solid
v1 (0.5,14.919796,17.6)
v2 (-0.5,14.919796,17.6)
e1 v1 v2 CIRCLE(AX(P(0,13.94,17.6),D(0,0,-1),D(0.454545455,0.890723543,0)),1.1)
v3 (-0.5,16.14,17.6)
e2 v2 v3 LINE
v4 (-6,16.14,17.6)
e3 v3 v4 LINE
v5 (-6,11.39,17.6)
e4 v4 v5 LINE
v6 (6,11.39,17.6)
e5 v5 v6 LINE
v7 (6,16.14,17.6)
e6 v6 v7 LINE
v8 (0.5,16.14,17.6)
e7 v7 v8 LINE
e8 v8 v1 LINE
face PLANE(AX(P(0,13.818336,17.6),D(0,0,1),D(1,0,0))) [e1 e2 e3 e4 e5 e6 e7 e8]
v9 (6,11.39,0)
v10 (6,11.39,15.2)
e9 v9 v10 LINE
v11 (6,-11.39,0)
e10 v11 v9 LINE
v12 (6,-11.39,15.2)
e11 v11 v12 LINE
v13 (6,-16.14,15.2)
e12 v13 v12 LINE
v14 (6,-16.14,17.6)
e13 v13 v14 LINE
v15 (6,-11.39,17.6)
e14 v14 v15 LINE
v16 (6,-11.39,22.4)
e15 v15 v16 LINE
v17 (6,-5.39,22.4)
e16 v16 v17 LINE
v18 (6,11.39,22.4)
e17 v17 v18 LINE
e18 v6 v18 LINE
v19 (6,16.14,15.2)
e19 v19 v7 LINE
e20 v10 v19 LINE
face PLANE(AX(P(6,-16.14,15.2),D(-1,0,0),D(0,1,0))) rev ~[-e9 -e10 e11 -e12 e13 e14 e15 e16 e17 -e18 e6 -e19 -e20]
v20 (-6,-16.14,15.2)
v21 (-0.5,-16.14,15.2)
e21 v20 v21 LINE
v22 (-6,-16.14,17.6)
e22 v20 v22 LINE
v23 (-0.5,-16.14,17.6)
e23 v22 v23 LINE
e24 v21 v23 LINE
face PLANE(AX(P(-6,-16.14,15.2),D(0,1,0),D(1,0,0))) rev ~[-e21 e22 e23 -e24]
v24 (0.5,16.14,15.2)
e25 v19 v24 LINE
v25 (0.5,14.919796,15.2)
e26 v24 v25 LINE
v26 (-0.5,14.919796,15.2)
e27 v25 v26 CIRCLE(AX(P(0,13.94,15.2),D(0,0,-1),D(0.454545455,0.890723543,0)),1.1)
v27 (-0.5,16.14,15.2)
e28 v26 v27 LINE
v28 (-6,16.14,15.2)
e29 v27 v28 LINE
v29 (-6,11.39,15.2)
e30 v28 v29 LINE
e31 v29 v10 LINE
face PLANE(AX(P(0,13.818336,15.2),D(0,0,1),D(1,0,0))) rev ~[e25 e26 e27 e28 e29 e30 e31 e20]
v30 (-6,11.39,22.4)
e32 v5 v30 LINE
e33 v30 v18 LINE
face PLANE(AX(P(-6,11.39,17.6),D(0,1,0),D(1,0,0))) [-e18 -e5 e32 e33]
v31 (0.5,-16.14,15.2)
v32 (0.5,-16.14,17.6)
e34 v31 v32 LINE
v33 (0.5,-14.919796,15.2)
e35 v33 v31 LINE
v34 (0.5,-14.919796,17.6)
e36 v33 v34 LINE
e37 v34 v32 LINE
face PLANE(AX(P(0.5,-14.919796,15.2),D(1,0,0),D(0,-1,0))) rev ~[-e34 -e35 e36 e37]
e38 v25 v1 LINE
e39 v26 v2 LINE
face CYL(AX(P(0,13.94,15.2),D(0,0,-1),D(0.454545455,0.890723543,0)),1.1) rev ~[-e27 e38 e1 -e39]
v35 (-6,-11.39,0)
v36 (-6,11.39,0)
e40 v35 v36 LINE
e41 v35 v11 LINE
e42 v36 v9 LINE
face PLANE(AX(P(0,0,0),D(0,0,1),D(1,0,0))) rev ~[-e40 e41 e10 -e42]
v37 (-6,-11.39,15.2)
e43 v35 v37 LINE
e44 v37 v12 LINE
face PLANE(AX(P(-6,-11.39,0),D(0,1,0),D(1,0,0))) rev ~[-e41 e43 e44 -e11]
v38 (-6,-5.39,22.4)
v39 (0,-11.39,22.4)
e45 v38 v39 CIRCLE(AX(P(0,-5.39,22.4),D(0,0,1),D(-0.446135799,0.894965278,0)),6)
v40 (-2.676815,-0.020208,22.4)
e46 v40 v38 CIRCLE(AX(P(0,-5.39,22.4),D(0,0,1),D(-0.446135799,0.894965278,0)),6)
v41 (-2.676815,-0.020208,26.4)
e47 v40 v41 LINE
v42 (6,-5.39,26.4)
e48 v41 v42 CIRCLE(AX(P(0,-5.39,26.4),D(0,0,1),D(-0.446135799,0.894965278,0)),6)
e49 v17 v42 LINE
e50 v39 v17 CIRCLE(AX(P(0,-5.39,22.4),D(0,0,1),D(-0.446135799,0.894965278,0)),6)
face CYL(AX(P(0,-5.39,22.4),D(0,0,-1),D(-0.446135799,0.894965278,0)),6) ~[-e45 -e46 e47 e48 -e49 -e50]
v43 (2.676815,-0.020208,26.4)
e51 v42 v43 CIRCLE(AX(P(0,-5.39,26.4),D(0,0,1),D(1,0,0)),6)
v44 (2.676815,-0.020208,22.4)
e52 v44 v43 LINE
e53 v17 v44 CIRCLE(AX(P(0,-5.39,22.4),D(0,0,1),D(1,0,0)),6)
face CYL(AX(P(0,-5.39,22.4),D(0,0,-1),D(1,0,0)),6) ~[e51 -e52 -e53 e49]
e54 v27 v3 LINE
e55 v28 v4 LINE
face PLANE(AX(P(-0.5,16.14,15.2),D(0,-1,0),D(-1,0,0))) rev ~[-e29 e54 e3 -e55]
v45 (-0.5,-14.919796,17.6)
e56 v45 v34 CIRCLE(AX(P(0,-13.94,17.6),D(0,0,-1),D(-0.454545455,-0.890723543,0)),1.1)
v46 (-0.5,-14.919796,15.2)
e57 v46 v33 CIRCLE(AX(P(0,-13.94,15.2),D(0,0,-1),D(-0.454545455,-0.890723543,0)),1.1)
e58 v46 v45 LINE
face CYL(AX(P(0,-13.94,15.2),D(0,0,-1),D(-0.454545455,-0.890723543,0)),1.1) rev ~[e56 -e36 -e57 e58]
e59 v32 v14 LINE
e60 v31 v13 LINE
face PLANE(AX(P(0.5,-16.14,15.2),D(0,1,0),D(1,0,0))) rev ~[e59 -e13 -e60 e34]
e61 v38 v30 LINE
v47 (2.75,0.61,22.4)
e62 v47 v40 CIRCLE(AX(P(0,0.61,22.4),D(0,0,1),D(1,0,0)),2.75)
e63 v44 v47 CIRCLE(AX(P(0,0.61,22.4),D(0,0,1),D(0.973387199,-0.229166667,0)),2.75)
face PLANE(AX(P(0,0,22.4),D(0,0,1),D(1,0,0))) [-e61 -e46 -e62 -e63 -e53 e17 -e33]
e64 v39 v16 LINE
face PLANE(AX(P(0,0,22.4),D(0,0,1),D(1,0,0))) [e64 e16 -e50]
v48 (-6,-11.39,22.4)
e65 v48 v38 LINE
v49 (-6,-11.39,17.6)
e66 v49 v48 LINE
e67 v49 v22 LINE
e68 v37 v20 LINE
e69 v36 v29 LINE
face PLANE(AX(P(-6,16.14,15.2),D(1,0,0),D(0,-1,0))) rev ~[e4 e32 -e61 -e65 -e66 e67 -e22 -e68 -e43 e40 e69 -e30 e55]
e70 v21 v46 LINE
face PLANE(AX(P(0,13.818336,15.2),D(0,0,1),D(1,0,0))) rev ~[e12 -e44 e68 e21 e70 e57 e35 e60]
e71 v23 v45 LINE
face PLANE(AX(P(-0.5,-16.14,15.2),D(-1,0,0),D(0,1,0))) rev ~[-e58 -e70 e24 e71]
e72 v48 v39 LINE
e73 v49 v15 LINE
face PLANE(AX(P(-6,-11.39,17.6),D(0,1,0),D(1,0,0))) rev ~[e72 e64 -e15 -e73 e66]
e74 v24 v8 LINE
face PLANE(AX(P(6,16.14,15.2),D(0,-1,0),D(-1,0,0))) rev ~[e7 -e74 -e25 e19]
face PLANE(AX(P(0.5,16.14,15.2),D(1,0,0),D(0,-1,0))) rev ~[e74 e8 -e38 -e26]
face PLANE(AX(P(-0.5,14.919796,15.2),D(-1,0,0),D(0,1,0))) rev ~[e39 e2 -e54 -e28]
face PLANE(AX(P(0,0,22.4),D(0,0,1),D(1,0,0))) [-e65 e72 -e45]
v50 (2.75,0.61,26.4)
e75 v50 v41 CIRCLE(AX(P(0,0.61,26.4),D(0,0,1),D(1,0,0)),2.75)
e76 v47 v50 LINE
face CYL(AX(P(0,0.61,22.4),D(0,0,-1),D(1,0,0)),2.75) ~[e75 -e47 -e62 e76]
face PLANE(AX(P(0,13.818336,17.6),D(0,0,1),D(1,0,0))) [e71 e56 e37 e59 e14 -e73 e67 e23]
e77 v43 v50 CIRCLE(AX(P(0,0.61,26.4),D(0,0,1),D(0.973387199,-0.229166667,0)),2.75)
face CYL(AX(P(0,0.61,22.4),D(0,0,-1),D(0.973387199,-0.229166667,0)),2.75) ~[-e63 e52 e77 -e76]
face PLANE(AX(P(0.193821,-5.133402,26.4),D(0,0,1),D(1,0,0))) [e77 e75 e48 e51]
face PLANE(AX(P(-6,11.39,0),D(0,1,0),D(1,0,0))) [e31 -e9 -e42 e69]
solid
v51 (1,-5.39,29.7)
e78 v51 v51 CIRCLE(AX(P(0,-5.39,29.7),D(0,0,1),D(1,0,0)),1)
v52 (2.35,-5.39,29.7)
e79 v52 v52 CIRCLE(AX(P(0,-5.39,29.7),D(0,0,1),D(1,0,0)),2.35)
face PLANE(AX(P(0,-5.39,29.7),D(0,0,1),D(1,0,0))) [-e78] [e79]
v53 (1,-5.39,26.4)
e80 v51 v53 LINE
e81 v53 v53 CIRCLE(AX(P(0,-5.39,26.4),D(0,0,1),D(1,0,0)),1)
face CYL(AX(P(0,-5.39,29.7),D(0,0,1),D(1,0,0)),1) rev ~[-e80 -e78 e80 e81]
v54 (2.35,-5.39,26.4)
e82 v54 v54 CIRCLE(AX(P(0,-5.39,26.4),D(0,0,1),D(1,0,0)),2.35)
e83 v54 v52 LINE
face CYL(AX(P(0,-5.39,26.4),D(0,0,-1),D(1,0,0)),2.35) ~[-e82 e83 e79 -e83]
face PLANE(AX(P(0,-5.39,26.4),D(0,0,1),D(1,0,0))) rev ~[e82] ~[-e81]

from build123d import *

# Parameters (mm, degrees)
F0_W      = 12
F0_H      = 22.78
F1_DEPTH  = 15.2
F2_W      = 12
F2_H      = 22.78
F3_DEPTH  = 2.4
F4_W      = 12
F4_H      = 22.78
F5_DEPTH  = 4.8
F7_DEPTH  = 4
F8_R      = 2.35
F9_DEPTH  = 3.3
F10_R     = 1
F11_DEPTH = 3.3


with BuildPart() as f1:
    # F0 (on Top) → F1 (new body)
    with BuildSketch(Plane.XY):
        Rectangle(F0_W, F0_H)
    extrude(amount=F1_DEPTH)

    # F2 (on face) → F3 (join)
    with BuildSketch(Plane.XY.offset(15.2)):
        with BuildLine():
            Line((-6, 16.14), (-6, 11.39))
            Line((-6, 11.39), (6, 11.39))
            Line((6, 11.39), (6, 16.14))
            Line((6, 16.14), (0.5, 16.14))
            Line((0.5, 16.14), (0.5, 14.9197958971))
            ThreePointArc((0.5, 14.9197958971), (0, 12.84), (-0.5, 14.9197958971))
            Line((-0.5, 14.9197958971), (-0.5, 16.14))
            Line((-0.5, 16.14), (-6, 16.14))
        make_face()
        Rectangle(F2_W, F2_H)
        with BuildLine():
            Line((6, -11.39), (-6, -11.39))
            Line((-6, -11.39), (-6, -16.14))
            Line((-6, -16.14), (-0.5, -16.14))
            Line((-0.5, -16.14), (-0.5, -14.9197958971))
            ThreePointArc((-0.5, -14.9197958971), (0, -12.84), (0.5, -14.9197958971))
            Line((0.5, -14.9197958971), (0.5, -16.14))
            Line((0.5, -16.14), (6, -16.14))
            Line((6, -16.14), (6, -11.39))
        make_face()
    extrude(amount=F3_DEPTH)

    # F4 (on face) → F5 (join)
    with BuildSketch(Plane.XY.offset(17.6)):
        Rectangle(F4_W, F4_H)
    extrude(amount=F5_DEPTH)

    # F6 (on face) → F7 (join)
    with BuildSketch(Plane.XY.offset(22.4)):
        with BuildLine():
            ThreePointArc((-2.6768147968, -0.0202083333), (-3.15746031, -10.4920039583), (6, -5.39))
            ThreePointArc((6, -5.39), (5.1020039583, -2.23253969), (2.6768147968, -0.0202083333))
            ThreePointArc((2.6768147968, -0.0202083333), (0, -2.14), (-2.6768147968, -0.0202083333))
        make_face()
        with BuildLine():
            ThreePointArc((-2.6768147968, -0.0202083333), (0, -2.14), (2.6768147968, -0.0202083333))
            ThreePointArc((2.6768147968, -0.0202083333), (0, 0.61), (-2.6768147968, -0.0202083333))
        make_face()
        with BuildLine():
            ThreePointArc((-2.6768147968, -0.0202083333), (0, 0.61), (2.6768147968, -0.0202083333))
            ThreePointArc((2.6768147968, -0.0202083333), (2.7316424264, 0.2927782253), (2.75, 0.61))
            ThreePointArc((2.75, 0.61), (-0.3172217747, 3.3416424264), (-2.6768147968, -0.0202083333))
        make_face()
    extrude(amount=F7_DEPTH)


with BuildPart() as f9:
    # F8 (on face) → F9 (new body)
    with BuildSketch(Plane.XY.offset(26.4)):
        with Locations((0, -5.39)):
            Circle(F8_R)
    extrude(amount=F9_DEPTH)

    # F10 (on face) → F11 (cut, through all)
    with BuildSketch(Plane.XY.offset(29.7)):
        with Locations((0, -5.39)):
            Circle(F10_R)
    extrude(amount=-F11_DEPTH, mode=Mode.SUBTRACT)


solid = Compound([f1.part, f9.part])
